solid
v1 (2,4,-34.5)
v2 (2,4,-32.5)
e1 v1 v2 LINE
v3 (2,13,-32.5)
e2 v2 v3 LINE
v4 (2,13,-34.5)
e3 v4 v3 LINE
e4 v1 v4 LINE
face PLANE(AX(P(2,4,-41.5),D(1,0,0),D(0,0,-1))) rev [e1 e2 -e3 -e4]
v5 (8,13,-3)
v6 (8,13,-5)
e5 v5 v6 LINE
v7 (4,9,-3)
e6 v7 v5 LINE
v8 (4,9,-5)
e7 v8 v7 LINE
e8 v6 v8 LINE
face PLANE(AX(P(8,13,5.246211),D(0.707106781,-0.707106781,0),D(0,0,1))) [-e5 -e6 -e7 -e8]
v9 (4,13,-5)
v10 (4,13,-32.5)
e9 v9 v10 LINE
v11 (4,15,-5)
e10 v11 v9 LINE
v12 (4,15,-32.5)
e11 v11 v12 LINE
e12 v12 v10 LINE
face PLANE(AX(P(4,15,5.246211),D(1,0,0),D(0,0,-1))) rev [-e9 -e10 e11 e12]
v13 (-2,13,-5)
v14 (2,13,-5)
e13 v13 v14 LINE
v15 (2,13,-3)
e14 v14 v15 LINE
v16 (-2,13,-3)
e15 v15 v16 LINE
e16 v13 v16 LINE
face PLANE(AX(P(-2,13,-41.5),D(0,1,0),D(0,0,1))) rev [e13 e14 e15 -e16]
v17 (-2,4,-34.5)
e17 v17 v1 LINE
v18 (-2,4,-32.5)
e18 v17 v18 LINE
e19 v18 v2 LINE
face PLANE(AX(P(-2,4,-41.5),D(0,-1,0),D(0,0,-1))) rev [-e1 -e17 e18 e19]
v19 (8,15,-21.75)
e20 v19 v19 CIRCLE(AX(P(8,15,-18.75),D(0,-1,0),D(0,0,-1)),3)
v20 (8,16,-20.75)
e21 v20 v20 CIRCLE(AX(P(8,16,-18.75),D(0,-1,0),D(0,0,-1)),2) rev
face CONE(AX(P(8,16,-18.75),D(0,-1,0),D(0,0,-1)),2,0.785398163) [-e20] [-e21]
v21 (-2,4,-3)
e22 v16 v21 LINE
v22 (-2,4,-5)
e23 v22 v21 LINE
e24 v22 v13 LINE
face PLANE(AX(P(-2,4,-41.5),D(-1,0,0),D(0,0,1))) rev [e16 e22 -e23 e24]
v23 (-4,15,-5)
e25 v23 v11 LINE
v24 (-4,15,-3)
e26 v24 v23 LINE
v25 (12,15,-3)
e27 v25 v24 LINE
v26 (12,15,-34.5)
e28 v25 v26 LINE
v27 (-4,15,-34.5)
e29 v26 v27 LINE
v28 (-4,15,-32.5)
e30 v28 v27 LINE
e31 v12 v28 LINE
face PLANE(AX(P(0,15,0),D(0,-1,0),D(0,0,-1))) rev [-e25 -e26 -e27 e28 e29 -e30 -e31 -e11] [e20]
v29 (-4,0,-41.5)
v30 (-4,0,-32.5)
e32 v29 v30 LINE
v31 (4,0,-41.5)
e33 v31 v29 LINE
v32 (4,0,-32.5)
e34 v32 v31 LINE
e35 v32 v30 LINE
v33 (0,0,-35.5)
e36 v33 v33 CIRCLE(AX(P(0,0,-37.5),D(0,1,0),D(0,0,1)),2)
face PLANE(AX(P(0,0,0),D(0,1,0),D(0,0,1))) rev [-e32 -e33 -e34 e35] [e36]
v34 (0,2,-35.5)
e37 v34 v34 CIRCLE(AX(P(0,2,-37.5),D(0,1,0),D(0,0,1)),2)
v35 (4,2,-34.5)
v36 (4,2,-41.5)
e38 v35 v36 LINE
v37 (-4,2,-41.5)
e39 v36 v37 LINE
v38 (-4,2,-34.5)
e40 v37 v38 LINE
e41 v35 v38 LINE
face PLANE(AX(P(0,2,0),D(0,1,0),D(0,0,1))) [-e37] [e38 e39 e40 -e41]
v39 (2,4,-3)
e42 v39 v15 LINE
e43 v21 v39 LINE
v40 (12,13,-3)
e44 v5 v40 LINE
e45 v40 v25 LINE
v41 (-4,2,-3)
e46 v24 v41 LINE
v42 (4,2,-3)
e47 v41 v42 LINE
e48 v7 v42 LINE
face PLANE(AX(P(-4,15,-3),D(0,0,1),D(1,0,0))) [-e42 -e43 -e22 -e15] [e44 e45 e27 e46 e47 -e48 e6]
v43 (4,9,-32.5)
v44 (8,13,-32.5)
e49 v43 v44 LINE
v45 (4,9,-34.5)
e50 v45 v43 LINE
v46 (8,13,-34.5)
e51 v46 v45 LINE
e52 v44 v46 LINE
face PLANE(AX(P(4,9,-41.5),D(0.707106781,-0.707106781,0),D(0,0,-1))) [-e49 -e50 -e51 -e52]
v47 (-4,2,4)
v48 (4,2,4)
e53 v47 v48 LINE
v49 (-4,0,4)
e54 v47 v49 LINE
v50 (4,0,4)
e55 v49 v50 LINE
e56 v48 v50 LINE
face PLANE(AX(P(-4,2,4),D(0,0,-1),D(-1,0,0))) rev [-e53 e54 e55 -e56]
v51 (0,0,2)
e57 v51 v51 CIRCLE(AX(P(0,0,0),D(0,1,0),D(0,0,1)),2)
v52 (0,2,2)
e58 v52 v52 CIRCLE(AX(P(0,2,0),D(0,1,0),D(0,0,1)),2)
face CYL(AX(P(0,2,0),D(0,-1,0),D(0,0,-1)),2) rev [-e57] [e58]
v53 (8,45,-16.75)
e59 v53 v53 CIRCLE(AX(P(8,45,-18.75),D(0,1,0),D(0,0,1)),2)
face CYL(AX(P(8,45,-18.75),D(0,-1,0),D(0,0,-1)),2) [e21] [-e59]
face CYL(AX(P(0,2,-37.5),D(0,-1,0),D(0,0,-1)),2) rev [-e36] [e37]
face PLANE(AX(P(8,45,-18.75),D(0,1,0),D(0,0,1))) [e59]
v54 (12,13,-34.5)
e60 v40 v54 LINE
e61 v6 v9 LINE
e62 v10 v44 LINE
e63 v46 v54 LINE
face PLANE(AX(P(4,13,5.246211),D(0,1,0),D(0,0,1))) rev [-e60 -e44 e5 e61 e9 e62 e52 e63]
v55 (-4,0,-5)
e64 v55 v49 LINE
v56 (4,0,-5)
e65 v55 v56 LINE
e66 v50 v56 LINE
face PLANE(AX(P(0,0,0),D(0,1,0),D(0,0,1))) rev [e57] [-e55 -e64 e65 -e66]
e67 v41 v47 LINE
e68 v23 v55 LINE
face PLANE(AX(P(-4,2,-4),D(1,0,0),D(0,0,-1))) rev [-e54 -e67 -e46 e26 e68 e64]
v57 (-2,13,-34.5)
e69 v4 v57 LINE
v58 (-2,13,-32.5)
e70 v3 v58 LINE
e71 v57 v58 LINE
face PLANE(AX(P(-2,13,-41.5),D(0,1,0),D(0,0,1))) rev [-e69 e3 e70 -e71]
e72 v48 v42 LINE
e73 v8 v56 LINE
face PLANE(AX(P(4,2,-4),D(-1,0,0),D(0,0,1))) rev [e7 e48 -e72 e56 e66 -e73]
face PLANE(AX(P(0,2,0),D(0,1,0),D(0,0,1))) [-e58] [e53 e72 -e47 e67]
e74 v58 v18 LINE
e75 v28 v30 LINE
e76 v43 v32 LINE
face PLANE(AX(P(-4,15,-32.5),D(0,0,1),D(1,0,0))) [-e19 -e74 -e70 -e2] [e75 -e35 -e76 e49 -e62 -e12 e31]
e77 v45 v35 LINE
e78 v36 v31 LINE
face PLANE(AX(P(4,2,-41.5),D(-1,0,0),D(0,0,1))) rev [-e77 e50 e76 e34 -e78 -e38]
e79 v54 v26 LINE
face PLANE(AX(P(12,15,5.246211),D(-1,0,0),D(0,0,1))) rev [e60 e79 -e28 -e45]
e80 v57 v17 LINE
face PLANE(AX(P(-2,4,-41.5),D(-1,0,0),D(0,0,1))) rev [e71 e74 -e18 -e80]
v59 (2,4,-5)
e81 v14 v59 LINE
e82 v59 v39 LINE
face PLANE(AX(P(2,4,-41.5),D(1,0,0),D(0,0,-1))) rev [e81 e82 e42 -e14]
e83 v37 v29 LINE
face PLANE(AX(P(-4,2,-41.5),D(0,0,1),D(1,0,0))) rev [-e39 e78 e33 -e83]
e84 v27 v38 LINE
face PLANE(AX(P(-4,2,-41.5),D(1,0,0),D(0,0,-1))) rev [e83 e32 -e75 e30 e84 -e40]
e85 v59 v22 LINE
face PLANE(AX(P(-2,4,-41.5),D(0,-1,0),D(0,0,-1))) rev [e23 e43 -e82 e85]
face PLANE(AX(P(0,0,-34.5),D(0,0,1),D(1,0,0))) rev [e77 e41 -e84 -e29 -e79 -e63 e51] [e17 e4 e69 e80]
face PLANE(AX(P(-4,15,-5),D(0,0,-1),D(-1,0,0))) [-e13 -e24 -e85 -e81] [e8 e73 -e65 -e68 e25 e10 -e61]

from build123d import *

# Parameters (mm, degrees)
SKETCH1_W             = 8
SKETCH1_H             = 8
SKETCH1_R             = 2
BOSS_EXTRUDE1_DEPTH   = 2
BOSS_EXTRUDE1_2_DEPTH = 2
SKETCH2_W             = 8
SKETCH2_H             = 2
BOSS_EXTRUDE2_DEPTH   = 15
BOSS_EXTRUDE3_REACH   = 43.512
SKETCH3_W             = 8
SKETCH3_H             = 2
CHAMFER1_SIZE         = 4
SKETCH4_W             = 4
SKETCH4_H             = 9
CUT_EXTRUDE1_DEPTH    = 44.026154836
SKETCH5_R             = 2
BOSS_EXTRUDE4_DEPTH   = 30
CHAMFER2_SIZE         = 1


with BuildPart() as part:
    # Sketch1 → Boss-Extrude1 (new body)
    with BuildSketch(Plane(origin=(0, 0, 0), x_dir=(1, 0, 0), z_dir=(0, 1, 0))):
        Rectangle(SKETCH1_W, SKETCH1_H)
        with Locations(Location((0, 0, 0), (0, 0, 270))):
            Circle(SKETCH1_R, mode=Mode.SUBTRACT)
    extrude(amount=BOSS_EXTRUDE1_DEPTH)



with BuildPart() as body_2:
    # Sketch1 → Boss-Extrude1 2 (new body)
    with BuildSketch(Plane(origin=(0, 0, 0), x_dir=(1, 0, 0), z_dir=(0, 1, 0))):
        with Locations((0, 37.5)):
            Rectangle(SKETCH1_W, SKETCH1_H)
        with Locations(Location((0, 37.5, 0), (0, 0, 270))):
            Circle(SKETCH1_R, mode=Mode.SUBTRACT)
    extrude(amount=BOSS_EXTRUDE1_2_DEPTH)


with BuildPart() as part_1:
    add(part.part)

    add(body_2.part)  # Boss-Extrude2 merges body 2
    # Sketch2 → Boss-Extrude2 (add)
    with BuildSketch(Plane.XZ):
        with Locations((0, -33.5)):
            Rectangle(SKETCH2_W, SKETCH2_H)
        with Locations((0, -4)):
            Rectangle(SKETCH2_W, SKETCH2_H)
    extrude(amount=-BOSS_EXTRUDE2_DEPTH)

    # Boss-Extrude3: up to this face of the body (flat: up to its plane)
    boss_extrude3_end = Plane(part_1.part.faces().sort_by_distance((0, 8.5, -3))[0])
    # Sketch3 → Boss-Extrude3 (add, up to the picked face)
    with BuildSketch(Plane.XY.offset(-34.5), mode=Mode.PRIVATE) as boss_extrude3_sk1:
        with Locations((8, 14)):
            Rectangle(SKETCH3_W, SKETCH3_H)
    boss_extrude3_tool1 = split(extrude(boss_extrude3_sk1.sketch, amount=BOSS_EXTRUDE3_REACH, mode=Mode.PRIVATE), bisect_by=boss_extrude3_end, keep=Keep.BOTH, mode=Mode.PRIVATE)
    add(boss_extrude3_tool1.solids().sort_by(Axis((8, 14, -34.5), (0, 0, 1)))[0])

    # Chamfer1
    chamfer1_edges = [part_1.edges().sort_by_distance(p)[0] for p in [
        (4, 13, -4),
        (4, 13, -33.5),
    ]]
    chamfer(chamfer1_edges, length=CHAMFER1_SIZE)

    # Sketch4 → Cut-Extrude1 (cut, through all)
    with BuildSketch(Plane.XY.offset(-3)):
        with Locations((0, 8.5)):
            Rectangle(SKETCH4_W, SKETCH4_H)
    extrude(amount=-CUT_EXTRUDE1_DEPTH, mode=Mode.SUBTRACT)

    # Sketch5 → Boss-Extrude4 (add)
    with BuildSketch(Plane(origin=(0, 15, 0), x_dir=(1, 0, 0), z_dir=(0, 1, 0))):
        with Locations(Location((8, 18.75, 0), (0, 0, 90))):
            Circle(SKETCH5_R)
    extrude(amount=BOSS_EXTRUDE4_DEPTH)

    # Chamfer2
    chamfer2_edges = [part_1.edges().sort_by_distance(p)[0] for p in [
        (8, 15, -16.75),
    ]]
    chamfer(chamfer2_edges, length=CHAMFER2_SIZE)


solid = part_1.part
